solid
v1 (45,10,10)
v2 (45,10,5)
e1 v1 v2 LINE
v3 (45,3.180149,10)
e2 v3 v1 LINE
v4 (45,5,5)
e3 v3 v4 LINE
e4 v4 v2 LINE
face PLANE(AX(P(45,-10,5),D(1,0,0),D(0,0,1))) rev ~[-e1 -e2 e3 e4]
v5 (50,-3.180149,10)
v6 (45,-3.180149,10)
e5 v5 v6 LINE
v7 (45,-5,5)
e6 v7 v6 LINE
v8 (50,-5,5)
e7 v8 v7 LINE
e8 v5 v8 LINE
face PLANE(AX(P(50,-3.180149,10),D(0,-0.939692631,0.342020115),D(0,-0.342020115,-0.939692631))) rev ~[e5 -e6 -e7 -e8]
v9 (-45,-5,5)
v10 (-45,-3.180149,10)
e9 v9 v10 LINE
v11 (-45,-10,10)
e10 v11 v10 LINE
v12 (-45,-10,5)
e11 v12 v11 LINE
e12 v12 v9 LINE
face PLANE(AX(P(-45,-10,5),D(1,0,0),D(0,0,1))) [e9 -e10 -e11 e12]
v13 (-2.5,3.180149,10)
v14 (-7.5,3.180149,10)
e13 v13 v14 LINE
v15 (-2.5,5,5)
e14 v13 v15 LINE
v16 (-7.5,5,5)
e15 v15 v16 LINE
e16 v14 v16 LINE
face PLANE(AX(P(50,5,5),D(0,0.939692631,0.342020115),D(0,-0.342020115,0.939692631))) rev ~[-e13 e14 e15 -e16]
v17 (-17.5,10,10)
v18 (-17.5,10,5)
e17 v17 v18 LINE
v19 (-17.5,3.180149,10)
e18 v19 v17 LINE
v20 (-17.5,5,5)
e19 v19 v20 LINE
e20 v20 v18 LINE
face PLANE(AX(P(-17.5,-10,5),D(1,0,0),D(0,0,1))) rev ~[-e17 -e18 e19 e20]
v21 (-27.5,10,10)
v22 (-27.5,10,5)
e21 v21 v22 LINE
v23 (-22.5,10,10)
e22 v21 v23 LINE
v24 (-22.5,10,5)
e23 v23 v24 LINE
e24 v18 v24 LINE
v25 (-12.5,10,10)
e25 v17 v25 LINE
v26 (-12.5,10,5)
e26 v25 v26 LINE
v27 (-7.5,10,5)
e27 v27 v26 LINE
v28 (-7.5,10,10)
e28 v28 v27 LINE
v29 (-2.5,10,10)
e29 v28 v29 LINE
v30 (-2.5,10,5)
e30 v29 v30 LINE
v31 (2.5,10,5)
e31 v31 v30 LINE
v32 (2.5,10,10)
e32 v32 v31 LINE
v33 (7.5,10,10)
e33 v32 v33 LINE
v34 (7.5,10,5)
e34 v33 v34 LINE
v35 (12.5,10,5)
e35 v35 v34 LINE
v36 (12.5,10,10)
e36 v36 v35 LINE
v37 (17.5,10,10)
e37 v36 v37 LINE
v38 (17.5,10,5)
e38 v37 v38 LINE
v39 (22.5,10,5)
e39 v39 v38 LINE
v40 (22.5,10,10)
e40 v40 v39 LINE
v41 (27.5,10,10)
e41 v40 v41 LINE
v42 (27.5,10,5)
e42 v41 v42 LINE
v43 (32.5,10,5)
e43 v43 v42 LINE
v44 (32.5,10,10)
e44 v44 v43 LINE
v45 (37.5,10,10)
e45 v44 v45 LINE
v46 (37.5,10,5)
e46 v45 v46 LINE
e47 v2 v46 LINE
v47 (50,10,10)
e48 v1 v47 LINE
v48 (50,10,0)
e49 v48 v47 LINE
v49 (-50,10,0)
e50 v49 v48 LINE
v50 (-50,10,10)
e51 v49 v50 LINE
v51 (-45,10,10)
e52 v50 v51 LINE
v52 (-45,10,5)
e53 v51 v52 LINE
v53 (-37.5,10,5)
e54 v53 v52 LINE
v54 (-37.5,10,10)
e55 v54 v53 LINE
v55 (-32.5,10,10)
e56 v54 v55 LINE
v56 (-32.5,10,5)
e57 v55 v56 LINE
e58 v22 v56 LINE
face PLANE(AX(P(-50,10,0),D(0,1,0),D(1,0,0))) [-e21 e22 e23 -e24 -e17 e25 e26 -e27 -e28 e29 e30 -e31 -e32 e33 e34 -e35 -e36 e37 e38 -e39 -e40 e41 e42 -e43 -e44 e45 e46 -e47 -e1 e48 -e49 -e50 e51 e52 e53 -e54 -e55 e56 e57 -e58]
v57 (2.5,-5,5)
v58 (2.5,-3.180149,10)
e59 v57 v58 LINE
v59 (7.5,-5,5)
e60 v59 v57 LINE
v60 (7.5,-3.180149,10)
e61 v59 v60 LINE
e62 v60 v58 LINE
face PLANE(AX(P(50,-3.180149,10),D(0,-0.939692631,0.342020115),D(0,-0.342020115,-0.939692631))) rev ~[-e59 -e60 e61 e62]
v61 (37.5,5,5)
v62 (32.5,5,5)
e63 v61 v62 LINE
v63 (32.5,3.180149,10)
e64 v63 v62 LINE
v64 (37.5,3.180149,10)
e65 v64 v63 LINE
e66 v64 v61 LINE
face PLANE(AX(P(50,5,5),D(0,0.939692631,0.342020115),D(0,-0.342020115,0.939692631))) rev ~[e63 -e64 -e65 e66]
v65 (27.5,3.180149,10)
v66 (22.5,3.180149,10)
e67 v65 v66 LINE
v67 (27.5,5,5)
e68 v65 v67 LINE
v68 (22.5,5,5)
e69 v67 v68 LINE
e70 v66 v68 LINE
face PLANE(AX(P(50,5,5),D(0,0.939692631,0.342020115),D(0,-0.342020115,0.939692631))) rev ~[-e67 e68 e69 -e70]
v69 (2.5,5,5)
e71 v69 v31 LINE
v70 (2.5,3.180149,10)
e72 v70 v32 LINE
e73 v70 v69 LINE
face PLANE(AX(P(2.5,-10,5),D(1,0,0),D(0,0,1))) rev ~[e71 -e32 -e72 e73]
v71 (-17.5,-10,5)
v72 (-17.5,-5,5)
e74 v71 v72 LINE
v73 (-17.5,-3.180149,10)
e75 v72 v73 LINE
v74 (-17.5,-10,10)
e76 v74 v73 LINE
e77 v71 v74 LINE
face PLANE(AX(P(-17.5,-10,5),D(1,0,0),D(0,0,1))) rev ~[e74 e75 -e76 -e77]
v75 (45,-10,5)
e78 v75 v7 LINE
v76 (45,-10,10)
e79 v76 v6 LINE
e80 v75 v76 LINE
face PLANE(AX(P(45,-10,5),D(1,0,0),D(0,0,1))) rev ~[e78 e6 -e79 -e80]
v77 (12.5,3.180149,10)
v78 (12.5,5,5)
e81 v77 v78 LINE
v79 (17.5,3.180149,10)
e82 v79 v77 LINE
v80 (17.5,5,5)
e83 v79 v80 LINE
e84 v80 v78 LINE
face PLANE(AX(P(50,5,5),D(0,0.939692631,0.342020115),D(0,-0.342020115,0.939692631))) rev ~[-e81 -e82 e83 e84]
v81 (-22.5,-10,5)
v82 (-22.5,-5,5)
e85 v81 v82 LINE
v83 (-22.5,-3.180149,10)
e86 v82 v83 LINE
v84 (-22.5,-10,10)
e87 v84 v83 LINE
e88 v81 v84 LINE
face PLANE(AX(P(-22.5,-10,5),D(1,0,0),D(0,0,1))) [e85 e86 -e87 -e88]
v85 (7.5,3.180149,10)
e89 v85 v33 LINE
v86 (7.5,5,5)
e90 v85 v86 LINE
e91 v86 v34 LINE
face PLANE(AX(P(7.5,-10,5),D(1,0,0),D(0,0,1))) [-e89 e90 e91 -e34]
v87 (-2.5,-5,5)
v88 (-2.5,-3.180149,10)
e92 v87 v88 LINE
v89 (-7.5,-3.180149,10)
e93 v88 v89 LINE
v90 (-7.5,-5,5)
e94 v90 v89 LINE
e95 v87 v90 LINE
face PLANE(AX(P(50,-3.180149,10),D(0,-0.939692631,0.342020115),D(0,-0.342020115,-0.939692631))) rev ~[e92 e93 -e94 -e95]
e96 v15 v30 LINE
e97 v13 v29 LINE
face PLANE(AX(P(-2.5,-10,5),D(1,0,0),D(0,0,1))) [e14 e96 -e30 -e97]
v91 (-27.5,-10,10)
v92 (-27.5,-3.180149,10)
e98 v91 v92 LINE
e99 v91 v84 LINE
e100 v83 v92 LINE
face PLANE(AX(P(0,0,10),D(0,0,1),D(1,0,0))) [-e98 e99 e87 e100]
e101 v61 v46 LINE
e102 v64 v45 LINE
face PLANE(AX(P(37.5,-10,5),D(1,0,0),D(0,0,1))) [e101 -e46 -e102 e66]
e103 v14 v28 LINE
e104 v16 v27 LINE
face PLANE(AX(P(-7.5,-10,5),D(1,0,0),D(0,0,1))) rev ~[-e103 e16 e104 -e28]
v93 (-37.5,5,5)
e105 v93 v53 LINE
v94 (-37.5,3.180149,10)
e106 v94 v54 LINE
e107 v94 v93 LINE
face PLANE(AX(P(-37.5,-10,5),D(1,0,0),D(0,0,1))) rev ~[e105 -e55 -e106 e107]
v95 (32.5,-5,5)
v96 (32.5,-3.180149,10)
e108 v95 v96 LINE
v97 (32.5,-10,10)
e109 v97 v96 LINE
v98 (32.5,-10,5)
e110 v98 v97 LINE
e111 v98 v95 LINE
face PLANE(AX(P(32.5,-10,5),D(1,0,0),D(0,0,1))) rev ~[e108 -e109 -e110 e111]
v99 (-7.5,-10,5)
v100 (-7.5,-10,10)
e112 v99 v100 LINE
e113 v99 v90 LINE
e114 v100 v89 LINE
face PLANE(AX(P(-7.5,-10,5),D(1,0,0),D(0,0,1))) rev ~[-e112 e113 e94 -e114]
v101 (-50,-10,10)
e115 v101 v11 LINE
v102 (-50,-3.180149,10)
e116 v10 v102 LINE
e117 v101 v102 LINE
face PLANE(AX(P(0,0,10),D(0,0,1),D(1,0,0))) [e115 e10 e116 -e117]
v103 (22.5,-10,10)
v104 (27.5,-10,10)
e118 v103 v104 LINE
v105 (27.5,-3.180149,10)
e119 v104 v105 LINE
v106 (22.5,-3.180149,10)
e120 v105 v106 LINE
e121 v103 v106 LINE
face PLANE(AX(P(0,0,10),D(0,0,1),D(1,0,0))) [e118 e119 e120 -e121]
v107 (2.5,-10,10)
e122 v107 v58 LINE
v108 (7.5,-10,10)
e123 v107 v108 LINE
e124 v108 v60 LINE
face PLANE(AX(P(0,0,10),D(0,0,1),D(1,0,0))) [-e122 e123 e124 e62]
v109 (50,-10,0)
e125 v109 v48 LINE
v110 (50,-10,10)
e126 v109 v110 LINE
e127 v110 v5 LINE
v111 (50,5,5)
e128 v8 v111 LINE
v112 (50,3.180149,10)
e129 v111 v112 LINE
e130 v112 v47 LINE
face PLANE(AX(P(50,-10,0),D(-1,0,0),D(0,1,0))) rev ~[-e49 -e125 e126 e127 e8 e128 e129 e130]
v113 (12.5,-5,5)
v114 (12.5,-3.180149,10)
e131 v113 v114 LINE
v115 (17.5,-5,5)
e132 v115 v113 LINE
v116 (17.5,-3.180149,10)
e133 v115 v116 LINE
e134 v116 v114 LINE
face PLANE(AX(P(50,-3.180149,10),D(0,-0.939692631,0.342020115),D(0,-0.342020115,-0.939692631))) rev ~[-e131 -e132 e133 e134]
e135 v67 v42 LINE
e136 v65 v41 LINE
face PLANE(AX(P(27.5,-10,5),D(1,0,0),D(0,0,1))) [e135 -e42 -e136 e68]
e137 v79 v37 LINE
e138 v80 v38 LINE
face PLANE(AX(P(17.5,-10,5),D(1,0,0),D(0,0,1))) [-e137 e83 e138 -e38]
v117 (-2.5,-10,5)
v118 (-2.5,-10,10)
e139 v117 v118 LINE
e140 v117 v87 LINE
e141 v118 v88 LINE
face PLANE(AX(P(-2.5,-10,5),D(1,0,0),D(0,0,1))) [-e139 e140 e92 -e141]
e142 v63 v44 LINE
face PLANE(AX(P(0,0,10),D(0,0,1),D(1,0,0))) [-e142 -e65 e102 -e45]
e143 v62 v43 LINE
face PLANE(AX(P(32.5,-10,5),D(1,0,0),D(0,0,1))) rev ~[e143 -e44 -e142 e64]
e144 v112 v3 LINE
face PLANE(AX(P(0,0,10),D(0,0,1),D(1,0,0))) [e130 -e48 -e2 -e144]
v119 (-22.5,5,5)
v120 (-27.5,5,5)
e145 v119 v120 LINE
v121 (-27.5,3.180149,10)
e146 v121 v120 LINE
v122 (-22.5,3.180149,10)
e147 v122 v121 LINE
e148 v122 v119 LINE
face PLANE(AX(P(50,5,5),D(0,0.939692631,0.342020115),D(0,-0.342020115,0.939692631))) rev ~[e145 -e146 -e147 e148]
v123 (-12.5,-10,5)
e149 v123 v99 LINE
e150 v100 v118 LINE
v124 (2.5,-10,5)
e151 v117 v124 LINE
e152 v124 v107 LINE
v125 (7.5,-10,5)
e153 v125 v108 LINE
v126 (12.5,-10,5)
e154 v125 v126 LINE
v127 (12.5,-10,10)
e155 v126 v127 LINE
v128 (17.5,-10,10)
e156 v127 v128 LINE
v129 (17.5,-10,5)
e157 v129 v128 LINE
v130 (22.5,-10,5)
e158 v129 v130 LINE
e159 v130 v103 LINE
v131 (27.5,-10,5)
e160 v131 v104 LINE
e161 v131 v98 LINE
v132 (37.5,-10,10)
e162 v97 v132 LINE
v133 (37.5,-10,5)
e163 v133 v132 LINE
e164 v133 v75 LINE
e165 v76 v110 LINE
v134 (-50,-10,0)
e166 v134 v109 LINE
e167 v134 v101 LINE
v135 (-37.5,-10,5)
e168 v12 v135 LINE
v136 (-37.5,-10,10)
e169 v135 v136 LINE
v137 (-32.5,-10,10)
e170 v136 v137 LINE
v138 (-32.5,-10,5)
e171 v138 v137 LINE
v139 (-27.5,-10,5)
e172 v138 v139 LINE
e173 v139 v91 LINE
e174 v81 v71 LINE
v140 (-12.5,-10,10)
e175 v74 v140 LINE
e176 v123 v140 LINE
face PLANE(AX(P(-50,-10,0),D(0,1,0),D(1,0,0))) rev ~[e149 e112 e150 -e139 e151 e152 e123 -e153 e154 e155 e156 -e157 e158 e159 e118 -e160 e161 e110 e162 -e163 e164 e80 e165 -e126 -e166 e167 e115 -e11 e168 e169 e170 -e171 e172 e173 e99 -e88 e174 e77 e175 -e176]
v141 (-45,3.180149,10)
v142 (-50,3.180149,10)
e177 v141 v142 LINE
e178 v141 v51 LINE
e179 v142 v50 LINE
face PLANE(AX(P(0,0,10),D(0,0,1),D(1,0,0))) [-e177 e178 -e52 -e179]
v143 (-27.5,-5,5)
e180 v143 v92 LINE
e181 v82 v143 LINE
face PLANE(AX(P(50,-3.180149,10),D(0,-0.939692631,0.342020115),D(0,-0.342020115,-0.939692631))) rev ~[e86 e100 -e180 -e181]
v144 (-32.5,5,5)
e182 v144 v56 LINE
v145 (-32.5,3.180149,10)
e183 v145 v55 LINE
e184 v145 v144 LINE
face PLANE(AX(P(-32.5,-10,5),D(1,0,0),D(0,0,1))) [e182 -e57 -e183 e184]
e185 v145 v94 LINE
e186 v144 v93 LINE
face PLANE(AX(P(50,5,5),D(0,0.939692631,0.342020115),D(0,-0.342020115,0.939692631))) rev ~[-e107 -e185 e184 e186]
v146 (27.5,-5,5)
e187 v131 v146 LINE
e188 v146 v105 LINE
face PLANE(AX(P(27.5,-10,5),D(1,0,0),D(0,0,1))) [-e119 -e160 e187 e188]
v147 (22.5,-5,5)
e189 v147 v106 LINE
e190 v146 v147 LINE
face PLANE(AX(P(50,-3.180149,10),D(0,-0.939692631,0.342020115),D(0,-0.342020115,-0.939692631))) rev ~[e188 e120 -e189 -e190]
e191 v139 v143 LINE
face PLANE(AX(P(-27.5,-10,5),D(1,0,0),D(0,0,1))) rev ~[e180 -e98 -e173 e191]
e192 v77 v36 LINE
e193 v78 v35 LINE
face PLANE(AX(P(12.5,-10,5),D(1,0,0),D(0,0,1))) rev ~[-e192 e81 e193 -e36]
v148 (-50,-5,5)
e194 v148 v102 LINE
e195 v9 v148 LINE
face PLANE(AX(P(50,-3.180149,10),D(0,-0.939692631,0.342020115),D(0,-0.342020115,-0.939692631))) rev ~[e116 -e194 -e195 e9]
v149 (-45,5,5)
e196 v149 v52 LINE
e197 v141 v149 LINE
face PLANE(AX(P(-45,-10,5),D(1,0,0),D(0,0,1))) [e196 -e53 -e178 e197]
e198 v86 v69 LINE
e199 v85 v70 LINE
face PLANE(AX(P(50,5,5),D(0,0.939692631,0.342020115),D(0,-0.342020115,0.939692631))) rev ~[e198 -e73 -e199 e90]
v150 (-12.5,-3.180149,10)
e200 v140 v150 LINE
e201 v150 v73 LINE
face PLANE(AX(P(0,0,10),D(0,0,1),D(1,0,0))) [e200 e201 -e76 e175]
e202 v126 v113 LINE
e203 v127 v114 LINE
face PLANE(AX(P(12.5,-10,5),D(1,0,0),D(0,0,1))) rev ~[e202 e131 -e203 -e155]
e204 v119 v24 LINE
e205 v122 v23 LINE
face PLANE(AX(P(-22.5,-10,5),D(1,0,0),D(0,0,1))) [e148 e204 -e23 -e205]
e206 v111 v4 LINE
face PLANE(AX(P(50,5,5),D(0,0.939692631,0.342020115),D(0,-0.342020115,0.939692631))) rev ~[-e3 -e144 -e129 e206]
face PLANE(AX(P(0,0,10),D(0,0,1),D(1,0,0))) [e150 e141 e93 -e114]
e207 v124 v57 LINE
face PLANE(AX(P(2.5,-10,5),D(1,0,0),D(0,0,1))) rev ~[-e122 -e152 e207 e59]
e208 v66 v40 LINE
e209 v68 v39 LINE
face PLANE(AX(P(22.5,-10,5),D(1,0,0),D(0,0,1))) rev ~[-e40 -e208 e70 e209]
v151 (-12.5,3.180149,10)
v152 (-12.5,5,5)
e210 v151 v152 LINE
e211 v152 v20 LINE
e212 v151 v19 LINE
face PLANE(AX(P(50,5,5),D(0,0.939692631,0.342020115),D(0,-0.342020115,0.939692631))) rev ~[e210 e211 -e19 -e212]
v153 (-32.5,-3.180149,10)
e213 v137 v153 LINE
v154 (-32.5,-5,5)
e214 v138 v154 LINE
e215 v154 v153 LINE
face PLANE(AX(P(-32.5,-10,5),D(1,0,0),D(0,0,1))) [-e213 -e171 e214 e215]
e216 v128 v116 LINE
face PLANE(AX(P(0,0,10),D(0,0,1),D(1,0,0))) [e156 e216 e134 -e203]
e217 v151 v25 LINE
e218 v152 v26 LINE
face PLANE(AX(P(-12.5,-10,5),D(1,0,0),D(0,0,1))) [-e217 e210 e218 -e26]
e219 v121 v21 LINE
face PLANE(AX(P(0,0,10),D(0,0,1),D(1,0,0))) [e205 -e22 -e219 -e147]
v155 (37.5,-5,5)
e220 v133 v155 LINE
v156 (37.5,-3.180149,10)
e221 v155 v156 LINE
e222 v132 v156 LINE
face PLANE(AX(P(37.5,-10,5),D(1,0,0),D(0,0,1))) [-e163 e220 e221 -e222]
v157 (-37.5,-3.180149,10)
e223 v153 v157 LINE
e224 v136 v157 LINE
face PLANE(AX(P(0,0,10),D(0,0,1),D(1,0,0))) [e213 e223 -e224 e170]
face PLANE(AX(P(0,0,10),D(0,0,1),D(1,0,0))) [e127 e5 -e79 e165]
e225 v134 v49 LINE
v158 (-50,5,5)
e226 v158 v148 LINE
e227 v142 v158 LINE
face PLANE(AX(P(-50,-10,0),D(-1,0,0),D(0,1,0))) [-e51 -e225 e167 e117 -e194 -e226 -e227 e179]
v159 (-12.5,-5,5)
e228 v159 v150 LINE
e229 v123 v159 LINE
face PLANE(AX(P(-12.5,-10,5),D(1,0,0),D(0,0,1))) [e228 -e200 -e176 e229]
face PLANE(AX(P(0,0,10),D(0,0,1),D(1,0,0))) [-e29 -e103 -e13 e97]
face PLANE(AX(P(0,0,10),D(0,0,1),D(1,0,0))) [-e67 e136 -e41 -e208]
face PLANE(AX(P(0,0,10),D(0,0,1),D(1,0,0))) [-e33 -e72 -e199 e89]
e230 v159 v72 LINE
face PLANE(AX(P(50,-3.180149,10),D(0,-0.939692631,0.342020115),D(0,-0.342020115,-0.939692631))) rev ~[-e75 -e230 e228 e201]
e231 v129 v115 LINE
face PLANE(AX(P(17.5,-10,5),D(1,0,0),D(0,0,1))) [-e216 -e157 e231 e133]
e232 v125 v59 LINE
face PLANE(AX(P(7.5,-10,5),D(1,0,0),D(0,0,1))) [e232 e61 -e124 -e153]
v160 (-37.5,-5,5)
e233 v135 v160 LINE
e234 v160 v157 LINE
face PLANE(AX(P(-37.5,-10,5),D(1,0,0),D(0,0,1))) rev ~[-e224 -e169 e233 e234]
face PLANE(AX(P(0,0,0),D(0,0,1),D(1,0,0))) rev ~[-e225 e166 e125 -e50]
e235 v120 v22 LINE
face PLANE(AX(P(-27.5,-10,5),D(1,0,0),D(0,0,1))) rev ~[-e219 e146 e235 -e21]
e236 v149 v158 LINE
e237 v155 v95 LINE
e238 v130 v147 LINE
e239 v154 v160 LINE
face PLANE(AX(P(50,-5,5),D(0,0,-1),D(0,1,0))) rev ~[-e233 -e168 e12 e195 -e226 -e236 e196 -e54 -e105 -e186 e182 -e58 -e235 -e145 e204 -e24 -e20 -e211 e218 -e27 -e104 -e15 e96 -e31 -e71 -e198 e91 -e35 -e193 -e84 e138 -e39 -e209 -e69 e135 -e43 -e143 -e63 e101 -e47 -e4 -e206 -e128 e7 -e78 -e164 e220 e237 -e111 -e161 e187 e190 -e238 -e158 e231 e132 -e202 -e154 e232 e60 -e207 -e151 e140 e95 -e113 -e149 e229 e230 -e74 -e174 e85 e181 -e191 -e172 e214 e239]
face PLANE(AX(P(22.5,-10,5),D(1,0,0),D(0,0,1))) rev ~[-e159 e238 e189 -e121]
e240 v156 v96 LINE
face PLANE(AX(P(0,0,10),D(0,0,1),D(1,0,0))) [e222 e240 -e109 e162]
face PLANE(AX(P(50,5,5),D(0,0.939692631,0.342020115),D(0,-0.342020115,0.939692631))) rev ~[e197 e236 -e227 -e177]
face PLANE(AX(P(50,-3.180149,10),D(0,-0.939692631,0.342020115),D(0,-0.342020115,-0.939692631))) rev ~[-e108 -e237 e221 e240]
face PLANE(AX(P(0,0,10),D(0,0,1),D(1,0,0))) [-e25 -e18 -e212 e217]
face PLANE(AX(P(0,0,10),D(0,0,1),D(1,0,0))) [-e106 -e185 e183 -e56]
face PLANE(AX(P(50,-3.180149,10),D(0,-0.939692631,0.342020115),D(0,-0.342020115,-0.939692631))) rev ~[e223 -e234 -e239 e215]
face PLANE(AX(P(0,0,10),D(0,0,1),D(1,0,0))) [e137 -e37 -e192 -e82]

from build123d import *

# Parameters (mm, degrees)
F0_W     = 100
F0_H     = 20
F1_DEPTH = 10
F3_DEPTH = 100.001
F4_W     = 7.5
F4_H     = 5
F4_W_2   = 5
F5_DEPTH = 20.001


with BuildPart() as f1:
    # F0 (on Top) → F1 (new body)
    with BuildSketch(Plane.XY):
        Rectangle(F0_W, F0_H)
    extrude(amount=F1_DEPTH)

    # F2 (on face) → F3 (cut, through all)
    with BuildSketch(Plane.YZ.offset(50)):
        Polygon((3.180149, 10), (-3.180149, 10), (-5, 5), (5, 5), align=None)
    extrude(amount=-F3_DEPTH, mode=Mode.SUBTRACT)

    # F4 (on face) → F5 (cut, through all)
    with BuildSketch(Plane.XZ.offset(10)):
        with Locations((-41.25, 7.5)):
            Rectangle(F4_W, F4_H)
        with Locations((-30, 7.5)):
            Rectangle(F4_W_2, F4_H)
        with Locations((-20, 7.5)):
            Rectangle(F4_W_2, F4_H)
        with Locations((-10, 7.5)):
            Rectangle(F4_W_2, F4_H)
        with Locations((0, 7.5)):
            Rectangle(F4_W_2, F4_H)
        with Locations((10, 7.5)):
            Rectangle(F4_W_2, F4_H)
        with Locations((20, 7.5)):
            Rectangle(F4_W_2, F4_H)
        with Locations((30, 7.5)):
            Rectangle(F4_W_2, F4_H)
        with Locations((41.25, 7.5)):
            Rectangle(F4_W, F4_H)
    extrude(amount=-F5_DEPTH, mode=Mode.SUBTRACT)


solid = f1.part
